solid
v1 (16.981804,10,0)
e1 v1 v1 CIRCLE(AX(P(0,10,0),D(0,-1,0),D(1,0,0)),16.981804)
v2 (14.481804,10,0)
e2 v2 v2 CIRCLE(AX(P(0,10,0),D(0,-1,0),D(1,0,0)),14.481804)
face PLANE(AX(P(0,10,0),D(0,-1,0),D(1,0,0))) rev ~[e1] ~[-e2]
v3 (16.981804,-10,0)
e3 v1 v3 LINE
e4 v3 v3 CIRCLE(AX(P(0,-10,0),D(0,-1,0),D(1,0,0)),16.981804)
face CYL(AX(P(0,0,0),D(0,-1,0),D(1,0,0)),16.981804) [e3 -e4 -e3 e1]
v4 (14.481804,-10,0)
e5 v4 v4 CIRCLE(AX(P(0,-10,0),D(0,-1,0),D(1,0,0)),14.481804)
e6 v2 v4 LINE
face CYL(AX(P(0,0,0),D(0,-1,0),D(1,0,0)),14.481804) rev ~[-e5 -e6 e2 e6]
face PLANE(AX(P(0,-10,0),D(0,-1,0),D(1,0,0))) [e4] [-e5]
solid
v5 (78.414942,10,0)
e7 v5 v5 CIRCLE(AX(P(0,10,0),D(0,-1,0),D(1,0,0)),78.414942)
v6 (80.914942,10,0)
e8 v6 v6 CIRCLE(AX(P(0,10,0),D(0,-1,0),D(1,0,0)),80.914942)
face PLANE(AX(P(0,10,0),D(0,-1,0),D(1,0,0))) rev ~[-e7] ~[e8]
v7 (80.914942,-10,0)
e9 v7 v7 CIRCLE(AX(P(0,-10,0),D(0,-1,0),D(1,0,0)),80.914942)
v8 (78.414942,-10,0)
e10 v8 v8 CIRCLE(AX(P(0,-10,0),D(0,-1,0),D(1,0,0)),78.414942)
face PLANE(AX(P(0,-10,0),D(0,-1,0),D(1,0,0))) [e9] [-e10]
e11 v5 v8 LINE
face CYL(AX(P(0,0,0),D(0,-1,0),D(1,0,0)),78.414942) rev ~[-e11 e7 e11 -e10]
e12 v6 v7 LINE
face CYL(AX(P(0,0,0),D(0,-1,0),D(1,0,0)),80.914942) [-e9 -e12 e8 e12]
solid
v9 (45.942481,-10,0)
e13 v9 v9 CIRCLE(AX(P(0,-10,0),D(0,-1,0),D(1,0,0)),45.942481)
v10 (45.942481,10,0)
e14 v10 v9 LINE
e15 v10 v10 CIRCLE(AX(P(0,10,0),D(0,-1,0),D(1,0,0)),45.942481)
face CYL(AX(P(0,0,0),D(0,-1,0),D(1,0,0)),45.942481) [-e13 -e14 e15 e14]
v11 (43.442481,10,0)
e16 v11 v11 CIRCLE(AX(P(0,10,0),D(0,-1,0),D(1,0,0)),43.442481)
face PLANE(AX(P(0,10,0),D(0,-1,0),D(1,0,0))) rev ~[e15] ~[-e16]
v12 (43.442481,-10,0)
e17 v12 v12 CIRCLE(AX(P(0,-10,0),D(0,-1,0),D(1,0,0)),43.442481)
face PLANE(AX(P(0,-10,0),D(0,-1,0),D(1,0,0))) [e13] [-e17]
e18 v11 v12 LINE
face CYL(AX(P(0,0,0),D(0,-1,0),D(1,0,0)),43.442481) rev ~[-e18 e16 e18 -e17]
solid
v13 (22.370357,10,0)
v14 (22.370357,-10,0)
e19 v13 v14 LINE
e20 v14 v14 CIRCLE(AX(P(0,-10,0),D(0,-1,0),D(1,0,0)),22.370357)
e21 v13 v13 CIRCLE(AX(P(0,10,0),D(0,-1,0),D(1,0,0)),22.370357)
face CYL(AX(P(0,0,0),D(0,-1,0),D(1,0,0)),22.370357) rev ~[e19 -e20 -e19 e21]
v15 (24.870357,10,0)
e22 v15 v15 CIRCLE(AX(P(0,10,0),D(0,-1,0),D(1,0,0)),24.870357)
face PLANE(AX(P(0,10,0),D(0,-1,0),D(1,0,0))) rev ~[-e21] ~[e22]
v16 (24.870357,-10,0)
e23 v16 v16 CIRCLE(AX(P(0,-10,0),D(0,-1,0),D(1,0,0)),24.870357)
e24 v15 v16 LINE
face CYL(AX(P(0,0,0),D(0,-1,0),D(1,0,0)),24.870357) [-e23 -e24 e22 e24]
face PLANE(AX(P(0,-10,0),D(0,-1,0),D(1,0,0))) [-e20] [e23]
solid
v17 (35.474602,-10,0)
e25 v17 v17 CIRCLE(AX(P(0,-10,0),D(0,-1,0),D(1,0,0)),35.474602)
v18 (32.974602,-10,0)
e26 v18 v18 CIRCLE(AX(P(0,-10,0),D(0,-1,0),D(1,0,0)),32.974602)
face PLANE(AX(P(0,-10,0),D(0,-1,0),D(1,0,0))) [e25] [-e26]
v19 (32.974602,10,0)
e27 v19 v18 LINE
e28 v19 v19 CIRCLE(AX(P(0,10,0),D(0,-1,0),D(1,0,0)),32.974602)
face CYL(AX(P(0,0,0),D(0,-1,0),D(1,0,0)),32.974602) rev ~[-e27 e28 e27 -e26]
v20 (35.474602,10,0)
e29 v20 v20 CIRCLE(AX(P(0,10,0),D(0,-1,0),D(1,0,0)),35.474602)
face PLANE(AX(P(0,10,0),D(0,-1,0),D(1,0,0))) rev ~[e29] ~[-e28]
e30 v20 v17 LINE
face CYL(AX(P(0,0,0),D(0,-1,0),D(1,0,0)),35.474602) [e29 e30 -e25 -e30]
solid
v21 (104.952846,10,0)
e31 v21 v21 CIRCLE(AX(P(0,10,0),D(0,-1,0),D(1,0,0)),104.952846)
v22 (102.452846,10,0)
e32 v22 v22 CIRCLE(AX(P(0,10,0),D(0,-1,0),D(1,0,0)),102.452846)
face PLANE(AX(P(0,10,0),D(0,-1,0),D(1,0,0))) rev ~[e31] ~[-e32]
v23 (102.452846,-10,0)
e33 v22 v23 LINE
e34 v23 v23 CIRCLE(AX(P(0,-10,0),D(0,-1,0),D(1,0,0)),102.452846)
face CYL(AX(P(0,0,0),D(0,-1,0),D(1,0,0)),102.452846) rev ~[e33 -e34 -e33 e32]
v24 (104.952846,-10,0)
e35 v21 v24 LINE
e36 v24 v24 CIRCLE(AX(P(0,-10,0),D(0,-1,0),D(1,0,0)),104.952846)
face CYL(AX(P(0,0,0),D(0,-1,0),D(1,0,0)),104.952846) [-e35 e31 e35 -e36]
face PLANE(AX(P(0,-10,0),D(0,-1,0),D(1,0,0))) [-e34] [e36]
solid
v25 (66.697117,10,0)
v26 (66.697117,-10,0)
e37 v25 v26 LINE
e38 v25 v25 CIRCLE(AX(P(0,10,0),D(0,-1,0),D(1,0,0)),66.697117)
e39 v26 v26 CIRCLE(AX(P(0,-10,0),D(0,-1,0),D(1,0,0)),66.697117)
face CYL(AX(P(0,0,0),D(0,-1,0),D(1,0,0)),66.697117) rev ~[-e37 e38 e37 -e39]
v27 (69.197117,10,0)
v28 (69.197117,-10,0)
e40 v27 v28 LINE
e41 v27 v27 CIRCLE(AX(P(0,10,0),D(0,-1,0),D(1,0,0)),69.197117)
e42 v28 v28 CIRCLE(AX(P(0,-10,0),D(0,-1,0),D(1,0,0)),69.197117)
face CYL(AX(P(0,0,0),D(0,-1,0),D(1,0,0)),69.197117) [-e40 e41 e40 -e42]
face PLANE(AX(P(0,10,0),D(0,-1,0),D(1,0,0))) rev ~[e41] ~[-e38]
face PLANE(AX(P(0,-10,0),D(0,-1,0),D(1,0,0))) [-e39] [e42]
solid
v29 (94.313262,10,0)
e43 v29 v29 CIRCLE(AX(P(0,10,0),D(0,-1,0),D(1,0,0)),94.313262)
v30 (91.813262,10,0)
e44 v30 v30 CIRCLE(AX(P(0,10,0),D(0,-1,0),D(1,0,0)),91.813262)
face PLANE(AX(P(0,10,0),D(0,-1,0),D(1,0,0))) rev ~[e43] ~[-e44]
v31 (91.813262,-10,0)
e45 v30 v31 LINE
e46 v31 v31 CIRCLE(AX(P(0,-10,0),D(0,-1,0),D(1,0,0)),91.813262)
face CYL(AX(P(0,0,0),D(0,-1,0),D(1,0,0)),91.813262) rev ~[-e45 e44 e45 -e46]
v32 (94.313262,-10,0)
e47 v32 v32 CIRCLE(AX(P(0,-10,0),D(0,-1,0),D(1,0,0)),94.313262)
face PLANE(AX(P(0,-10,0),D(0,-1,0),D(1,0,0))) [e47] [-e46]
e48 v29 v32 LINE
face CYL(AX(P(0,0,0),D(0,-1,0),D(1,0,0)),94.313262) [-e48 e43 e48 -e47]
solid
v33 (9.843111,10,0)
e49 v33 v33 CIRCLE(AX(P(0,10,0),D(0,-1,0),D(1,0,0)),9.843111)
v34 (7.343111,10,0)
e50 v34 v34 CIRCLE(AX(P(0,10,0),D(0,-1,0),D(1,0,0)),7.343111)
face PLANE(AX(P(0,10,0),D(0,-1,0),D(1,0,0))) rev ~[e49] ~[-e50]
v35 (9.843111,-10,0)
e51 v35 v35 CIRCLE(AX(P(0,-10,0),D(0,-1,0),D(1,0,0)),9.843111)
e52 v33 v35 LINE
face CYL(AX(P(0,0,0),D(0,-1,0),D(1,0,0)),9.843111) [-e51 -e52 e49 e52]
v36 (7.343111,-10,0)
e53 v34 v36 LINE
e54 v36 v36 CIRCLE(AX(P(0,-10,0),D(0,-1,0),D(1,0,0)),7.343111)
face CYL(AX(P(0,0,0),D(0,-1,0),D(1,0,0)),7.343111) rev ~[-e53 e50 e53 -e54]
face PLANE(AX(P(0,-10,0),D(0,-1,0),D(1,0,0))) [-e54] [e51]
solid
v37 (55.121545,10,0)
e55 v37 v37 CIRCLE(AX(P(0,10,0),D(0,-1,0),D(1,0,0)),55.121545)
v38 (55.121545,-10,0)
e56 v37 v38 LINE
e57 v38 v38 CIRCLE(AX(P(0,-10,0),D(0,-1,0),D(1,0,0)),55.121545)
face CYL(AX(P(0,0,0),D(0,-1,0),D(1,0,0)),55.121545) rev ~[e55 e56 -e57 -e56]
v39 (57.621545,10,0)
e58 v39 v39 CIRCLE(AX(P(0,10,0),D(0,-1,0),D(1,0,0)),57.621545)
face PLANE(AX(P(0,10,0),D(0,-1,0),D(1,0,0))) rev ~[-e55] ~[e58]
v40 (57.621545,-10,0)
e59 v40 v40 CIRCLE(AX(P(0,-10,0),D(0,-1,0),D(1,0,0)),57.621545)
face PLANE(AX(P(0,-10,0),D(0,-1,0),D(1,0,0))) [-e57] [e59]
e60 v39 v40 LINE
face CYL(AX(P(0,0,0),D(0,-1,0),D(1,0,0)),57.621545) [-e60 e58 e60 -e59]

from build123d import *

# Parameters (mm, degrees)
F0_R      = 104.952846
F1_DEPTH  = 10
F2_T      = -2.5
F3_R      = 94.313262
F4_DEPTH  = 10
F5_T      = -2.5
F6_R      = 80.914942
F7_DEPTH  = 10
F8_T      = -2.5
F9_R      = 69.197117
F10_DEPTH = 10
F11_T     = -2.5
F12_R     = 57.621545
F13_DEPTH = 10
F14_T     = -2.5
F15_R     = 45.942481
F16_DEPTH = 10
F17_T     = -2.5
F18_R     = 35.474602
F19_DEPTH = 10
F20_T     = -2.5
F21_R     = 24.870357
F22_DEPTH = 10
F23_T     = -2.5
F24_R     = 16.981804
F25_DEPTH = 10
F26_T     = -2.5
F27_R     = 9.843111
F28_DEPTH = 10
F29_T     = -2.5


with BuildPart() as f1:
    # F0 (on Front) → F1 (new body, symmetric)
    with BuildSketch(Plane.XZ):
        Circle(F0_R)
    extrude(amount=F1_DEPTH, both=True)

    # F2
    f2_openings = [f1.faces().sort_by_distance(p)[0] for p in [
        (0, -10, 0),
        (0, 10, 0),
    ]]
    offset(amount=F2_T, openings=f2_openings)


with BuildPart() as f4:
    # F3 (on Front) → F4 (new body, symmetric)
    with BuildSketch(Plane.XZ):
        Circle(F3_R)
    extrude(amount=F4_DEPTH, both=True)

    # F5
    f5_openings = [f4.faces().sort_by_distance(p)[0] for p in [
        (0, -10, 0),
        (0, 10, 0),
    ]]
    offset(amount=F5_T, openings=f5_openings)


with BuildPart() as f7:
    # F6 (on Front) → F7 (new body, symmetric)
    with BuildSketch(Plane.XZ):
        Circle(F6_R)
    extrude(amount=F7_DEPTH, both=True)

    # F8
    f8_openings = [f7.faces().sort_by_distance(p)[0] for p in [
        (0, -10, 0),
        (0, 10, 0),
    ]]
    offset(amount=F8_T, openings=f8_openings)


with BuildPart() as f10:
    # F9 (on Front) → F10 (new body, symmetric)
    with BuildSketch(Plane.XZ):
        Circle(F9_R)
    extrude(amount=F10_DEPTH, both=True)

    # F11
    f11_openings = [f10.faces().sort_by_distance(p)[0] for p in [
        (0, -10, 0),
        (0, 10, 0),
    ]]
    offset(amount=F11_T, openings=f11_openings)


with BuildPart() as f13:
    # F12 (on Front) → F13 (new body, symmetric)
    with BuildSketch(Plane.XZ):
        Circle(F12_R)
    extrude(amount=F13_DEPTH, both=True)

    # F14
    f14_openings = [f13.faces().sort_by_distance(p)[0] for p in [
        (0, -10, 0),
        (0, 10, 0),
    ]]
    offset(amount=F14_T, openings=f14_openings)


with BuildPart() as f16:
    # F15 (on Front) → F16 (new body, symmetric)
    with BuildSketch(Plane.XZ):
        Circle(F15_R)
    extrude(amount=F16_DEPTH, both=True)

    # F17
    f17_openings = [f16.faces().sort_by_distance(p)[0] for p in [
        (0, -10, 0),
        (0, 10, 0),
    ]]
    offset(amount=F17_T, openings=f17_openings)


with BuildPart() as f19:
    # F18 (on Front) → F19 (new body, symmetric)
    with BuildSketch(Plane.XZ):
        Circle(F18_R)
    extrude(amount=F19_DEPTH, both=True)

    # F20
    f20_openings = [f19.faces().sort_by_distance(p)[0] for p in [
        (0, -10, 0),
        (0, 10, 0),
    ]]
    offset(amount=F20_T, openings=f20_openings)


with BuildPart() as f22:
    # F21 (on Front) → F22 (new body, symmetric)
    with BuildSketch(Plane.XZ):
        Circle(F21_R)
    extrude(amount=F22_DEPTH, both=True)

    # F23
    f23_openings = [f22.faces().sort_by_distance(p)[0] for p in [
        (0, -10, 0),
        (0, 10, 0),
    ]]
    offset(amount=F23_T, openings=f23_openings)


with BuildPart() as f25:
    # F24 (on Front) → F25 (new body, symmetric)
    with BuildSketch(Plane.XZ):
        Circle(F24_R)
    extrude(amount=F25_DEPTH, both=True)

    # F26
    f26_openings = [f25.faces().sort_by_distance(p)[0] for p in [
        (0, -10, 0),
        (0, 10, 0),
    ]]
    offset(amount=F26_T, openings=f26_openings)


with BuildPart() as f28:
    # F27 (on Front) → F28 (new body, symmetric)
    with BuildSketch(Plane.XZ):
        Circle(F27_R)
    extrude(amount=F28_DEPTH, both=True)

    # F29
    f29_openings = [f28.faces().sort_by_distance(p)[0] for p in [
        (0, -10, 0),
        (0, 10, 0),
    ]]
    offset(amount=F29_T, openings=f29_openings)


solid = Compound([f1.part, f4.part, f7.part, f10.part, f13.part, f16.part, f19.part, f22.part, f25.part, f28.part])
